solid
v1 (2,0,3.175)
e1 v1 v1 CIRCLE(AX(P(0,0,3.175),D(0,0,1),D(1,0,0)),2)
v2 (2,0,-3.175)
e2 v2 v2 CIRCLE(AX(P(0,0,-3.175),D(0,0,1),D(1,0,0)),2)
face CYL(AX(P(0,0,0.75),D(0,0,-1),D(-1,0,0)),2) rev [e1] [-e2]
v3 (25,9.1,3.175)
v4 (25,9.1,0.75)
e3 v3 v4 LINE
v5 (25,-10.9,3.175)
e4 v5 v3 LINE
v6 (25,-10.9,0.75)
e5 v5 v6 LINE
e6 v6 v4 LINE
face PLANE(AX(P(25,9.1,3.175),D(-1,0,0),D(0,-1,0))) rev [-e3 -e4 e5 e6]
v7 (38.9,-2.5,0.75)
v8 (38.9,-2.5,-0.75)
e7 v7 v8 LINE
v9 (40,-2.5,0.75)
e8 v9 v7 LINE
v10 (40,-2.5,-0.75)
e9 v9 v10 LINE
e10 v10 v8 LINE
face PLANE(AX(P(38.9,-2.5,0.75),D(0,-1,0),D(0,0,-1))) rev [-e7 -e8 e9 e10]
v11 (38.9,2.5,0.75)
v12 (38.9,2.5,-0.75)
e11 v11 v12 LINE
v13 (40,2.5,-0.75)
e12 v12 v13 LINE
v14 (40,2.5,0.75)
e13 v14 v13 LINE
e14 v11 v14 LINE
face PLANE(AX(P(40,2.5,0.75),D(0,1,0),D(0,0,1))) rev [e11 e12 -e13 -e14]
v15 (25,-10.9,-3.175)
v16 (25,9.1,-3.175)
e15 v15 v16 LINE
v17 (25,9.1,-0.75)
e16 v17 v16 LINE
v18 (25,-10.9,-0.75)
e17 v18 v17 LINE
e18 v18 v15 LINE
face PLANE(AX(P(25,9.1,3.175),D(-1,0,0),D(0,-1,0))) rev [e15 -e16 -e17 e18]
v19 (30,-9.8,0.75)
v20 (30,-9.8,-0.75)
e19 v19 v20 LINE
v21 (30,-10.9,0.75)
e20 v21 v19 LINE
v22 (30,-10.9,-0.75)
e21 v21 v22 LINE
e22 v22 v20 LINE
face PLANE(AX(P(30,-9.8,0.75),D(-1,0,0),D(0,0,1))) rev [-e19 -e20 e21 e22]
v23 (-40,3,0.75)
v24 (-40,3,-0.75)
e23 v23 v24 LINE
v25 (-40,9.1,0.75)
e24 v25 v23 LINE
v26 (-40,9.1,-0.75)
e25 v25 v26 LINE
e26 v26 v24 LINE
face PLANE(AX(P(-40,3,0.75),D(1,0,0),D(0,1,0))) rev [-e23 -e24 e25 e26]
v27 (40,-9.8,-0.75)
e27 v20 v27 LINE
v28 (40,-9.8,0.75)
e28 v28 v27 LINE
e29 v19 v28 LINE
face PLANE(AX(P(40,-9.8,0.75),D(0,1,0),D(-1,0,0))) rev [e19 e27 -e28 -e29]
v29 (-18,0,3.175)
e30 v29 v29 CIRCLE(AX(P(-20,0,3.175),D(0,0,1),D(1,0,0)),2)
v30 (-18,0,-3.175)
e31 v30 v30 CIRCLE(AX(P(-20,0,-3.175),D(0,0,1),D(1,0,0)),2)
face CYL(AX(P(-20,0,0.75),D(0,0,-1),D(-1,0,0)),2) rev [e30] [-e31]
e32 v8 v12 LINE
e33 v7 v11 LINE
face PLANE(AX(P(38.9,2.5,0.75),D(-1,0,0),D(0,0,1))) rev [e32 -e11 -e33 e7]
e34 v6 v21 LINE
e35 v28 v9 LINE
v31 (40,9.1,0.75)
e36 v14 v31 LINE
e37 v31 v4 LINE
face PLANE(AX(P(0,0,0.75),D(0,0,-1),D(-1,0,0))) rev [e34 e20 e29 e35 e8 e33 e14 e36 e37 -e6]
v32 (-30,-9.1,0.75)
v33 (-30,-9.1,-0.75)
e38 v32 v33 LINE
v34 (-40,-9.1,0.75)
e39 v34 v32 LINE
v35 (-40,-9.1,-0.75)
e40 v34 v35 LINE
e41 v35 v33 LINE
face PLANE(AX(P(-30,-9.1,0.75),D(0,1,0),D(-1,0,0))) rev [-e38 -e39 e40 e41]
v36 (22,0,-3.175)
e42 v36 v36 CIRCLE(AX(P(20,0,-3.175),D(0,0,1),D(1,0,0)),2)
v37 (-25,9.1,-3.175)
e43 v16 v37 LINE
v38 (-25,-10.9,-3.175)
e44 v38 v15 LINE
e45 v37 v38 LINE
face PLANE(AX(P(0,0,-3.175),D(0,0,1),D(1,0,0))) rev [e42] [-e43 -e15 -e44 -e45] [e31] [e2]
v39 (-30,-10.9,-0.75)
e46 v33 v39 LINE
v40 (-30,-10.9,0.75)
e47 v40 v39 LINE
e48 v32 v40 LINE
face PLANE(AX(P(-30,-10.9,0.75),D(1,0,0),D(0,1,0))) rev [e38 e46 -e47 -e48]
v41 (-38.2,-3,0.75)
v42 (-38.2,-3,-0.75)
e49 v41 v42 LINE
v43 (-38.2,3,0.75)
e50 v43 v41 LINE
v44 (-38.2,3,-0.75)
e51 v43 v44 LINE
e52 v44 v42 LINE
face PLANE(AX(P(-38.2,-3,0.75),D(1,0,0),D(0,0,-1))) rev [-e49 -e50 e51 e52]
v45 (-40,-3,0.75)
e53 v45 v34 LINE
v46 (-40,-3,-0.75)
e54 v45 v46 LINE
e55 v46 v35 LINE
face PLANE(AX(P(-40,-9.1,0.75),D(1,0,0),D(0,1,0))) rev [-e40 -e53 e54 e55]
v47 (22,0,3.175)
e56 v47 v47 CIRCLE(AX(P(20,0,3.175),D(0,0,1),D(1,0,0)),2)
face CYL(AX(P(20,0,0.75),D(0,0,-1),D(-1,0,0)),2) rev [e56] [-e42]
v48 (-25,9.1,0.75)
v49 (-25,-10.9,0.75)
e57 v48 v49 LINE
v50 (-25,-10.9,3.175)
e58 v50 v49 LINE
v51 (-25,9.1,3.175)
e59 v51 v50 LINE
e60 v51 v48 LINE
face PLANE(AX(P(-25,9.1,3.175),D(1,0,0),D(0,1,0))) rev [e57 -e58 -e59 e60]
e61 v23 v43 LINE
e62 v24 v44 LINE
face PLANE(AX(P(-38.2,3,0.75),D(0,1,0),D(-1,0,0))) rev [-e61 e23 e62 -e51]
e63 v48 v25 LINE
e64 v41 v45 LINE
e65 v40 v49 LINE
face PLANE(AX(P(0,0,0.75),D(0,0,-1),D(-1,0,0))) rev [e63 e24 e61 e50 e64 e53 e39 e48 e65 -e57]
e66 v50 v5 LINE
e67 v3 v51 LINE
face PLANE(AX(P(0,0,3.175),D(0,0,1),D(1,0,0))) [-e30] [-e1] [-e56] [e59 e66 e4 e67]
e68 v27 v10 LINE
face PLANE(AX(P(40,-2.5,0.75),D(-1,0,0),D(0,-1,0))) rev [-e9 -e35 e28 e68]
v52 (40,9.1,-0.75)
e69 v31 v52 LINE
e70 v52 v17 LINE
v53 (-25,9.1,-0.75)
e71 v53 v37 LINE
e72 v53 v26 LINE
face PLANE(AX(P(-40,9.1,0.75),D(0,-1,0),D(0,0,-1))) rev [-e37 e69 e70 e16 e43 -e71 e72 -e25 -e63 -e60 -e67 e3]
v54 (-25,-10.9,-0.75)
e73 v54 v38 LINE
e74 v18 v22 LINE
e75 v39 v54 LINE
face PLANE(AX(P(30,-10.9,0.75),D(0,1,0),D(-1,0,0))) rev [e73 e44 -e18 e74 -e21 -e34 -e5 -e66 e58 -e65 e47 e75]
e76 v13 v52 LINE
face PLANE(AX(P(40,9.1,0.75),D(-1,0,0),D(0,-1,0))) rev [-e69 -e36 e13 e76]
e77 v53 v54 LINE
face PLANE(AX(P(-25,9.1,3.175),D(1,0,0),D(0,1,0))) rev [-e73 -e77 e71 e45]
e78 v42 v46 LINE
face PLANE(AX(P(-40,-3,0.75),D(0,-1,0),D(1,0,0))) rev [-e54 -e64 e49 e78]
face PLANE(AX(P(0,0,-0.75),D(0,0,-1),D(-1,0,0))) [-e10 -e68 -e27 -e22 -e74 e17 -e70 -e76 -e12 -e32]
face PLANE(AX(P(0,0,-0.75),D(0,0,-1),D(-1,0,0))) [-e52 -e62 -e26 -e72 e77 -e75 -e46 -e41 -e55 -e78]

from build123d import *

# Parameters (mm, degrees)
CROQUIS1_R              = 2
SALIENTE_EXTRUIR1_DEPTH = 0.75
CROQUIS2_W              = 50
CROQUIS2_H              = 20
CROQUIS2_R              = 2
SALIENTE_EXTRUIR2_DEPTH = 3.175


with BuildPart() as part:
    # Croquis1 → Saliente-Extruir1 (new, symmetric)
    with BuildSketch(Plane.XY):
        Polygon((-40, 9.1), (40, 9.1), (40, 2.5), (38.9, 2.5), (38.9, -2.5), (40, -2.5), (40, -9.8), (30, -9.8), (30, -10.9), (-30, -10.9), (-30, -9.1), (-40, -9.1), (-40, -3), (-38.2, -3), (-38.2, 3), (-40, 3), align=None)
        with Locations((20, 0)):
            Circle(CROQUIS1_R, mode=Mode.SUBTRACT)
        Circle(CROQUIS1_R, mode=Mode.SUBTRACT)
        with Locations((-20, 0)):
            Circle(CROQUIS1_R, mode=Mode.SUBTRACT)
    extrude(amount=SALIENTE_EXTRUIR1_DEPTH, both=True)

    # Croquis2 → Saliente-Extruir2 (add, symmetric)
    with BuildSketch(Plane.XY):
        with Locations((0, -0.9)):
            Rectangle(CROQUIS2_W, CROQUIS2_H)
        with Locations((-20, 0)):
            Circle(CROQUIS2_R, mode=Mode.SUBTRACT)
        Circle(CROQUIS2_R, mode=Mode.SUBTRACT)
        with Locations((20, 0)):
            Circle(CROQUIS2_R, mode=Mode.SUBTRACT)
    extrude(amount=SALIENTE_EXTRUIR2_DEPTH, both=True)


solid = part.part
